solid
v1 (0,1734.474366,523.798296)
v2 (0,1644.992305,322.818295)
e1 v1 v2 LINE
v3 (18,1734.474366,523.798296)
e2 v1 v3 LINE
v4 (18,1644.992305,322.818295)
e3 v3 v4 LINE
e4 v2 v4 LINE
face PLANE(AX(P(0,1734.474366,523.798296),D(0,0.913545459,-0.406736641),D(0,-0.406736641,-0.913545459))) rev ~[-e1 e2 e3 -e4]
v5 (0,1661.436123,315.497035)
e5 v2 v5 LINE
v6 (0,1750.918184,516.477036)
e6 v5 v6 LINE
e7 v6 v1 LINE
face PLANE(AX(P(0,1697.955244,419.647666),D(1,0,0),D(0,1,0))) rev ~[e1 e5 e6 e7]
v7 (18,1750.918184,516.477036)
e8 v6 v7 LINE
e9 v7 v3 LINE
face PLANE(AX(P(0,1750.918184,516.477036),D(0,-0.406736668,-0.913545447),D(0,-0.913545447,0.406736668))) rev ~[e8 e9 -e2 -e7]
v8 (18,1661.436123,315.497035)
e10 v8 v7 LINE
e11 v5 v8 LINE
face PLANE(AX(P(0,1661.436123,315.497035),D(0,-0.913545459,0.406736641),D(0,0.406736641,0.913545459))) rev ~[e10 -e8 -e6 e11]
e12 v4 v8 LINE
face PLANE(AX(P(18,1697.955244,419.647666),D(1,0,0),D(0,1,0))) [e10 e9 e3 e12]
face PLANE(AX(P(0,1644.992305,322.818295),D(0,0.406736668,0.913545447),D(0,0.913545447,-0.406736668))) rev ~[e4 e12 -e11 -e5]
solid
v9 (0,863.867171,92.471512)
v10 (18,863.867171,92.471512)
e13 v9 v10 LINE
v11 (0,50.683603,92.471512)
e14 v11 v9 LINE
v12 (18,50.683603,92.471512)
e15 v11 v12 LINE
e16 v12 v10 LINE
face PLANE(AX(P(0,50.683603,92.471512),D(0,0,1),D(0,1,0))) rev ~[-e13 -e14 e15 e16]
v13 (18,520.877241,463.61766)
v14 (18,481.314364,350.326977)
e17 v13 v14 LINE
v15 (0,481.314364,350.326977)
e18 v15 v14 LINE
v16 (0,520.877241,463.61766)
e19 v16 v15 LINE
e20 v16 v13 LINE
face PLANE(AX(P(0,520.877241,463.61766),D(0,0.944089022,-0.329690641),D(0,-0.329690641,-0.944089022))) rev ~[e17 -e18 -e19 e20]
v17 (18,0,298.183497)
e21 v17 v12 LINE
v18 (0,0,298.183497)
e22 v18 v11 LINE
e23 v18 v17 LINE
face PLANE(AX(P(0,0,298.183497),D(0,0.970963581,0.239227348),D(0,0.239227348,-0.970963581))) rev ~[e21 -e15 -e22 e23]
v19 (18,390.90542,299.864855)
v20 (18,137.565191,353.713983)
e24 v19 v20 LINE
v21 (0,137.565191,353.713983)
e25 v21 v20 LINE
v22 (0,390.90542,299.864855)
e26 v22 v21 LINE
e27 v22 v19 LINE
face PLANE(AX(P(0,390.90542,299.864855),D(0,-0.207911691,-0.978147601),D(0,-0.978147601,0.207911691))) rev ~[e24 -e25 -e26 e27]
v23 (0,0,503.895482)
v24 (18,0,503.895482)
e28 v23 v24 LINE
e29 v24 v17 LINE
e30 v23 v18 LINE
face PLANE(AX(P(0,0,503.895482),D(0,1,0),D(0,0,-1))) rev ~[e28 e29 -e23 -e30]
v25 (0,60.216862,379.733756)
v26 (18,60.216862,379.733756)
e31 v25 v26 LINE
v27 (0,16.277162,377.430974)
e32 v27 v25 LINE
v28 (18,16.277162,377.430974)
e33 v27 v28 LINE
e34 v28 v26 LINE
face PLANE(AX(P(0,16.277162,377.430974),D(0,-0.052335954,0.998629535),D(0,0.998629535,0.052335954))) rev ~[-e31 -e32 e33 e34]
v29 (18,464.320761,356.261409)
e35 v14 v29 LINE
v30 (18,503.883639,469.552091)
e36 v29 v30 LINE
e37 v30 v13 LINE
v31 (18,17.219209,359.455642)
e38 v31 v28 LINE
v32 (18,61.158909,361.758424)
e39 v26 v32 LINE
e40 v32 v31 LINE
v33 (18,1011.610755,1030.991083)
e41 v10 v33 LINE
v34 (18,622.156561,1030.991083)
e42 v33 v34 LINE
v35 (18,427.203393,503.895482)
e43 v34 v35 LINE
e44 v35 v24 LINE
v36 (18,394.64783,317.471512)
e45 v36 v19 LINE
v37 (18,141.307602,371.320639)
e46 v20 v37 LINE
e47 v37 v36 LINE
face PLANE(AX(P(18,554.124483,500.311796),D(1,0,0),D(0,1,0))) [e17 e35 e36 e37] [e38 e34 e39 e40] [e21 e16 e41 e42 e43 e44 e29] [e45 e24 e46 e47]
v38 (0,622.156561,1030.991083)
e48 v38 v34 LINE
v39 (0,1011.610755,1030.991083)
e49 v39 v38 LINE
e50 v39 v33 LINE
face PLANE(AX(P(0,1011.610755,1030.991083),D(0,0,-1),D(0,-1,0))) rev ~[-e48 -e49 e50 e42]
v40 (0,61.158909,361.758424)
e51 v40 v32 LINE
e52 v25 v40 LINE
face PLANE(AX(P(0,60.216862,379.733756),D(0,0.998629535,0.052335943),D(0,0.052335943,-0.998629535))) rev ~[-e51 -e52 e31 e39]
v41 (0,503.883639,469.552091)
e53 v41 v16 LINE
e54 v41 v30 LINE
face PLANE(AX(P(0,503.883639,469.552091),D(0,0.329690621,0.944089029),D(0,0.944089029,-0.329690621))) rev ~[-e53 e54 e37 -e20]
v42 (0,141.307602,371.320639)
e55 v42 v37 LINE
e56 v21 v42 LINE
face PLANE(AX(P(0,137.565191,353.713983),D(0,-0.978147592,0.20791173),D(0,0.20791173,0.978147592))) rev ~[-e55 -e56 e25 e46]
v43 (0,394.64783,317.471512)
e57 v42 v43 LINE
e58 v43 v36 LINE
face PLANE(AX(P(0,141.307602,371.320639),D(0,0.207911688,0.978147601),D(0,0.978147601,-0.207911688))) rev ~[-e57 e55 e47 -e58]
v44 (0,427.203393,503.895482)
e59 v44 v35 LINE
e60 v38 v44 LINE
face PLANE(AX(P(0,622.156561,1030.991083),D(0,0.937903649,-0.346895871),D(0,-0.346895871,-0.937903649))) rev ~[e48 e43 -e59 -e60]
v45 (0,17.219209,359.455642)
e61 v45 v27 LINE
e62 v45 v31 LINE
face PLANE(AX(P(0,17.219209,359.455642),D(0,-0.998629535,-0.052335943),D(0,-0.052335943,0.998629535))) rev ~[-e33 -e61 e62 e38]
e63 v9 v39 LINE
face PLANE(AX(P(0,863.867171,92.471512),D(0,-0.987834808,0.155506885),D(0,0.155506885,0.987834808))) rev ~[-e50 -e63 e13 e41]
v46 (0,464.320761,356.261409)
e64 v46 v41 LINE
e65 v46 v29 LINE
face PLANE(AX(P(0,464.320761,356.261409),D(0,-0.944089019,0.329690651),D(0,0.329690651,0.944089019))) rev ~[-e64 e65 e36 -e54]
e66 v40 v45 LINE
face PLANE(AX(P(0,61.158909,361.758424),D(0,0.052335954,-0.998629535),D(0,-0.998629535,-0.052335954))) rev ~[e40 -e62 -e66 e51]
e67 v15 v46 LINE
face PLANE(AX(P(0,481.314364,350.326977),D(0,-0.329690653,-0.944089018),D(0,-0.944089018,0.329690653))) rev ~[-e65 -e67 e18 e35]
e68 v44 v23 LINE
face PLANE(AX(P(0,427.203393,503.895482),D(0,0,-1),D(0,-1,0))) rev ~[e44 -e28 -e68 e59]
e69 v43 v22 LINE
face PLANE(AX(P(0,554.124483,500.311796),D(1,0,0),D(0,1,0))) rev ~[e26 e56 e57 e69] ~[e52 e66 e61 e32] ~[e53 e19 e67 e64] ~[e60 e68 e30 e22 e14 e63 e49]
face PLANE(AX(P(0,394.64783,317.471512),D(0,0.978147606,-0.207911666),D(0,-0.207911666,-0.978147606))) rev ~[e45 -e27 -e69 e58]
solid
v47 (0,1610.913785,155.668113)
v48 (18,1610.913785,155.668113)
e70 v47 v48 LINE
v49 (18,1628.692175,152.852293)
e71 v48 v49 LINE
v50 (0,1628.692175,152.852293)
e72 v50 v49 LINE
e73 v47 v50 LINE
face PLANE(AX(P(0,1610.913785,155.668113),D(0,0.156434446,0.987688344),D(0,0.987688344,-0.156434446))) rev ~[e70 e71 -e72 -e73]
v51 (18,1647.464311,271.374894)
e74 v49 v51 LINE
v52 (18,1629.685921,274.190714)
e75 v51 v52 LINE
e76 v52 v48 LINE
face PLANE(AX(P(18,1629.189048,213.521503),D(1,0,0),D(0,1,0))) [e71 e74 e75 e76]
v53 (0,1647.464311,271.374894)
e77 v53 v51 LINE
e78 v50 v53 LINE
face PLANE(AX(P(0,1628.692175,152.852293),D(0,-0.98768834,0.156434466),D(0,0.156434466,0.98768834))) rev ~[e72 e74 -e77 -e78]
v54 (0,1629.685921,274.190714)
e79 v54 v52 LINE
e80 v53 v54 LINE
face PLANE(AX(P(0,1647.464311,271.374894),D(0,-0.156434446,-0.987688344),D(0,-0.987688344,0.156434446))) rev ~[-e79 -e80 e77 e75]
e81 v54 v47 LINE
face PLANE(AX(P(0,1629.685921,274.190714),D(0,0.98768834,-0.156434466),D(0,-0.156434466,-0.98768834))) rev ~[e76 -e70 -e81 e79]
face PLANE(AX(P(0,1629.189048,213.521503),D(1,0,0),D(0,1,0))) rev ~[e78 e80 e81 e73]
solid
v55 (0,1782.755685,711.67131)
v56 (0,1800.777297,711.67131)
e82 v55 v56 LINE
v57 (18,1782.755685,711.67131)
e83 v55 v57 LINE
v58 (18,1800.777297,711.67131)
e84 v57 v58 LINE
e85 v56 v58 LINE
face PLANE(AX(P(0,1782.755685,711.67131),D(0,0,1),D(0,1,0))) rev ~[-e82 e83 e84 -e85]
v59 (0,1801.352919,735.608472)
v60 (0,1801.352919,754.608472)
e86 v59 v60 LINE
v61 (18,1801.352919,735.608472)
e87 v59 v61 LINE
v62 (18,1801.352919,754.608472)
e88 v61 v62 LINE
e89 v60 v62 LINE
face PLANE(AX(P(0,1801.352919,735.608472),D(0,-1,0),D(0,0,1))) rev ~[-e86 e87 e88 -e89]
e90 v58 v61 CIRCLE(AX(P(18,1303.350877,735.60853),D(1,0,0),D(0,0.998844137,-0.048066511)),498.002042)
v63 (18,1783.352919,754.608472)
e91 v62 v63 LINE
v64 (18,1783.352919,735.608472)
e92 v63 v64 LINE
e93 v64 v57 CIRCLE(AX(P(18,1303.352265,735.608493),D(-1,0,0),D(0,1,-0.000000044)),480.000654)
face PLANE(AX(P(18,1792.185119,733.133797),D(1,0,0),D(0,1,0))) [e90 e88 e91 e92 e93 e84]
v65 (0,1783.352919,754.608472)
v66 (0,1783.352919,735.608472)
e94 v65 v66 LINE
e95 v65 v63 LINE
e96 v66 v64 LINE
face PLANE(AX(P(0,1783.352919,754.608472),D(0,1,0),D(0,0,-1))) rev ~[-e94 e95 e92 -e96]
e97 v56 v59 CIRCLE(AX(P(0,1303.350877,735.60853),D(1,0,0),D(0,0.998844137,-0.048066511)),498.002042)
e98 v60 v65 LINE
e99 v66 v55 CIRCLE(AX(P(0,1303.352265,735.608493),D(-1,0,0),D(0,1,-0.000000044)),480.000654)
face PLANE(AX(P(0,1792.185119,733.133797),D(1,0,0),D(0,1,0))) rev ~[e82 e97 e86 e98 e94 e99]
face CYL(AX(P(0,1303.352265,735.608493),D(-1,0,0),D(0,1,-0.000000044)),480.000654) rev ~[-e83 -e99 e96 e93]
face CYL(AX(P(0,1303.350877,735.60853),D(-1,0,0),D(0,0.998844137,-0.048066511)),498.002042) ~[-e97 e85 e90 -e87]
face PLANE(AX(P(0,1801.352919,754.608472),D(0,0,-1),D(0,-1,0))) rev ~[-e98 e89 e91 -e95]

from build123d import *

# Parameters (mm, degrees)
F1_DEPTH = 18


with BuildPart() as f1:
    # F0 (on Right) → F1 (new body)
    with BuildSketch(Plane.YZ):
        Polygon((50.683603, 92.471512), (863.867171, 92.471512), (1011.610755, 1030.991083), (622.156561, 1030.991083), (427.203393, 503.895482), (0, 503.895482), (0, 298.183497), align=None)
        Polygon((16.277162, 377.430974), (60.216862, 379.733756), (61.158909, 361.758424), (17.219209, 359.455642), align=None, mode=Mode.SUBTRACT)
        Polygon((141.307602, 371.320639), (394.64783, 317.471512), (390.90542, 299.864855), (137.565191, 353.713983), align=None, mode=Mode.SUBTRACT)
        Polygon((464.320761, 356.261409), (503.883639, 469.552091), (520.877241, 463.61766), (481.314364, 350.326977), align=None, mode=Mode.SUBTRACT)
        Polygon((1647.464311, 271.374894), (1629.685921, 274.190714), (1610.913785, 155.668113), (1628.692175, 152.852293), align=None)
        with BuildLine():
            Line((1783.352919, 754.608472), (1783.352919, 735.608472))
            ThreePointArc((1783.352919, 735.608472), (1783.203587, 723.636166), (1782.755685, 711.67131))
            Line((1782.755685, 711.67131), (1800.777297, 711.67131))
            ThreePointArc((1800.777297, 711.67131), (1801.208992, 723.636431), (1801.352919, 735.608472))
            Line((1801.352919, 735.608472), (1801.352919, 754.608472))
            Line((1801.352919, 754.608472), (1783.352919, 754.608472))
        make_face()
        Polygon((1734.474366, 523.798296), (1644.992305, 322.818295), (1661.436123, 315.497035), (1750.918184, 516.477036), align=None)
    extrude(amount=F1_DEPTH)


solid = f1.part
